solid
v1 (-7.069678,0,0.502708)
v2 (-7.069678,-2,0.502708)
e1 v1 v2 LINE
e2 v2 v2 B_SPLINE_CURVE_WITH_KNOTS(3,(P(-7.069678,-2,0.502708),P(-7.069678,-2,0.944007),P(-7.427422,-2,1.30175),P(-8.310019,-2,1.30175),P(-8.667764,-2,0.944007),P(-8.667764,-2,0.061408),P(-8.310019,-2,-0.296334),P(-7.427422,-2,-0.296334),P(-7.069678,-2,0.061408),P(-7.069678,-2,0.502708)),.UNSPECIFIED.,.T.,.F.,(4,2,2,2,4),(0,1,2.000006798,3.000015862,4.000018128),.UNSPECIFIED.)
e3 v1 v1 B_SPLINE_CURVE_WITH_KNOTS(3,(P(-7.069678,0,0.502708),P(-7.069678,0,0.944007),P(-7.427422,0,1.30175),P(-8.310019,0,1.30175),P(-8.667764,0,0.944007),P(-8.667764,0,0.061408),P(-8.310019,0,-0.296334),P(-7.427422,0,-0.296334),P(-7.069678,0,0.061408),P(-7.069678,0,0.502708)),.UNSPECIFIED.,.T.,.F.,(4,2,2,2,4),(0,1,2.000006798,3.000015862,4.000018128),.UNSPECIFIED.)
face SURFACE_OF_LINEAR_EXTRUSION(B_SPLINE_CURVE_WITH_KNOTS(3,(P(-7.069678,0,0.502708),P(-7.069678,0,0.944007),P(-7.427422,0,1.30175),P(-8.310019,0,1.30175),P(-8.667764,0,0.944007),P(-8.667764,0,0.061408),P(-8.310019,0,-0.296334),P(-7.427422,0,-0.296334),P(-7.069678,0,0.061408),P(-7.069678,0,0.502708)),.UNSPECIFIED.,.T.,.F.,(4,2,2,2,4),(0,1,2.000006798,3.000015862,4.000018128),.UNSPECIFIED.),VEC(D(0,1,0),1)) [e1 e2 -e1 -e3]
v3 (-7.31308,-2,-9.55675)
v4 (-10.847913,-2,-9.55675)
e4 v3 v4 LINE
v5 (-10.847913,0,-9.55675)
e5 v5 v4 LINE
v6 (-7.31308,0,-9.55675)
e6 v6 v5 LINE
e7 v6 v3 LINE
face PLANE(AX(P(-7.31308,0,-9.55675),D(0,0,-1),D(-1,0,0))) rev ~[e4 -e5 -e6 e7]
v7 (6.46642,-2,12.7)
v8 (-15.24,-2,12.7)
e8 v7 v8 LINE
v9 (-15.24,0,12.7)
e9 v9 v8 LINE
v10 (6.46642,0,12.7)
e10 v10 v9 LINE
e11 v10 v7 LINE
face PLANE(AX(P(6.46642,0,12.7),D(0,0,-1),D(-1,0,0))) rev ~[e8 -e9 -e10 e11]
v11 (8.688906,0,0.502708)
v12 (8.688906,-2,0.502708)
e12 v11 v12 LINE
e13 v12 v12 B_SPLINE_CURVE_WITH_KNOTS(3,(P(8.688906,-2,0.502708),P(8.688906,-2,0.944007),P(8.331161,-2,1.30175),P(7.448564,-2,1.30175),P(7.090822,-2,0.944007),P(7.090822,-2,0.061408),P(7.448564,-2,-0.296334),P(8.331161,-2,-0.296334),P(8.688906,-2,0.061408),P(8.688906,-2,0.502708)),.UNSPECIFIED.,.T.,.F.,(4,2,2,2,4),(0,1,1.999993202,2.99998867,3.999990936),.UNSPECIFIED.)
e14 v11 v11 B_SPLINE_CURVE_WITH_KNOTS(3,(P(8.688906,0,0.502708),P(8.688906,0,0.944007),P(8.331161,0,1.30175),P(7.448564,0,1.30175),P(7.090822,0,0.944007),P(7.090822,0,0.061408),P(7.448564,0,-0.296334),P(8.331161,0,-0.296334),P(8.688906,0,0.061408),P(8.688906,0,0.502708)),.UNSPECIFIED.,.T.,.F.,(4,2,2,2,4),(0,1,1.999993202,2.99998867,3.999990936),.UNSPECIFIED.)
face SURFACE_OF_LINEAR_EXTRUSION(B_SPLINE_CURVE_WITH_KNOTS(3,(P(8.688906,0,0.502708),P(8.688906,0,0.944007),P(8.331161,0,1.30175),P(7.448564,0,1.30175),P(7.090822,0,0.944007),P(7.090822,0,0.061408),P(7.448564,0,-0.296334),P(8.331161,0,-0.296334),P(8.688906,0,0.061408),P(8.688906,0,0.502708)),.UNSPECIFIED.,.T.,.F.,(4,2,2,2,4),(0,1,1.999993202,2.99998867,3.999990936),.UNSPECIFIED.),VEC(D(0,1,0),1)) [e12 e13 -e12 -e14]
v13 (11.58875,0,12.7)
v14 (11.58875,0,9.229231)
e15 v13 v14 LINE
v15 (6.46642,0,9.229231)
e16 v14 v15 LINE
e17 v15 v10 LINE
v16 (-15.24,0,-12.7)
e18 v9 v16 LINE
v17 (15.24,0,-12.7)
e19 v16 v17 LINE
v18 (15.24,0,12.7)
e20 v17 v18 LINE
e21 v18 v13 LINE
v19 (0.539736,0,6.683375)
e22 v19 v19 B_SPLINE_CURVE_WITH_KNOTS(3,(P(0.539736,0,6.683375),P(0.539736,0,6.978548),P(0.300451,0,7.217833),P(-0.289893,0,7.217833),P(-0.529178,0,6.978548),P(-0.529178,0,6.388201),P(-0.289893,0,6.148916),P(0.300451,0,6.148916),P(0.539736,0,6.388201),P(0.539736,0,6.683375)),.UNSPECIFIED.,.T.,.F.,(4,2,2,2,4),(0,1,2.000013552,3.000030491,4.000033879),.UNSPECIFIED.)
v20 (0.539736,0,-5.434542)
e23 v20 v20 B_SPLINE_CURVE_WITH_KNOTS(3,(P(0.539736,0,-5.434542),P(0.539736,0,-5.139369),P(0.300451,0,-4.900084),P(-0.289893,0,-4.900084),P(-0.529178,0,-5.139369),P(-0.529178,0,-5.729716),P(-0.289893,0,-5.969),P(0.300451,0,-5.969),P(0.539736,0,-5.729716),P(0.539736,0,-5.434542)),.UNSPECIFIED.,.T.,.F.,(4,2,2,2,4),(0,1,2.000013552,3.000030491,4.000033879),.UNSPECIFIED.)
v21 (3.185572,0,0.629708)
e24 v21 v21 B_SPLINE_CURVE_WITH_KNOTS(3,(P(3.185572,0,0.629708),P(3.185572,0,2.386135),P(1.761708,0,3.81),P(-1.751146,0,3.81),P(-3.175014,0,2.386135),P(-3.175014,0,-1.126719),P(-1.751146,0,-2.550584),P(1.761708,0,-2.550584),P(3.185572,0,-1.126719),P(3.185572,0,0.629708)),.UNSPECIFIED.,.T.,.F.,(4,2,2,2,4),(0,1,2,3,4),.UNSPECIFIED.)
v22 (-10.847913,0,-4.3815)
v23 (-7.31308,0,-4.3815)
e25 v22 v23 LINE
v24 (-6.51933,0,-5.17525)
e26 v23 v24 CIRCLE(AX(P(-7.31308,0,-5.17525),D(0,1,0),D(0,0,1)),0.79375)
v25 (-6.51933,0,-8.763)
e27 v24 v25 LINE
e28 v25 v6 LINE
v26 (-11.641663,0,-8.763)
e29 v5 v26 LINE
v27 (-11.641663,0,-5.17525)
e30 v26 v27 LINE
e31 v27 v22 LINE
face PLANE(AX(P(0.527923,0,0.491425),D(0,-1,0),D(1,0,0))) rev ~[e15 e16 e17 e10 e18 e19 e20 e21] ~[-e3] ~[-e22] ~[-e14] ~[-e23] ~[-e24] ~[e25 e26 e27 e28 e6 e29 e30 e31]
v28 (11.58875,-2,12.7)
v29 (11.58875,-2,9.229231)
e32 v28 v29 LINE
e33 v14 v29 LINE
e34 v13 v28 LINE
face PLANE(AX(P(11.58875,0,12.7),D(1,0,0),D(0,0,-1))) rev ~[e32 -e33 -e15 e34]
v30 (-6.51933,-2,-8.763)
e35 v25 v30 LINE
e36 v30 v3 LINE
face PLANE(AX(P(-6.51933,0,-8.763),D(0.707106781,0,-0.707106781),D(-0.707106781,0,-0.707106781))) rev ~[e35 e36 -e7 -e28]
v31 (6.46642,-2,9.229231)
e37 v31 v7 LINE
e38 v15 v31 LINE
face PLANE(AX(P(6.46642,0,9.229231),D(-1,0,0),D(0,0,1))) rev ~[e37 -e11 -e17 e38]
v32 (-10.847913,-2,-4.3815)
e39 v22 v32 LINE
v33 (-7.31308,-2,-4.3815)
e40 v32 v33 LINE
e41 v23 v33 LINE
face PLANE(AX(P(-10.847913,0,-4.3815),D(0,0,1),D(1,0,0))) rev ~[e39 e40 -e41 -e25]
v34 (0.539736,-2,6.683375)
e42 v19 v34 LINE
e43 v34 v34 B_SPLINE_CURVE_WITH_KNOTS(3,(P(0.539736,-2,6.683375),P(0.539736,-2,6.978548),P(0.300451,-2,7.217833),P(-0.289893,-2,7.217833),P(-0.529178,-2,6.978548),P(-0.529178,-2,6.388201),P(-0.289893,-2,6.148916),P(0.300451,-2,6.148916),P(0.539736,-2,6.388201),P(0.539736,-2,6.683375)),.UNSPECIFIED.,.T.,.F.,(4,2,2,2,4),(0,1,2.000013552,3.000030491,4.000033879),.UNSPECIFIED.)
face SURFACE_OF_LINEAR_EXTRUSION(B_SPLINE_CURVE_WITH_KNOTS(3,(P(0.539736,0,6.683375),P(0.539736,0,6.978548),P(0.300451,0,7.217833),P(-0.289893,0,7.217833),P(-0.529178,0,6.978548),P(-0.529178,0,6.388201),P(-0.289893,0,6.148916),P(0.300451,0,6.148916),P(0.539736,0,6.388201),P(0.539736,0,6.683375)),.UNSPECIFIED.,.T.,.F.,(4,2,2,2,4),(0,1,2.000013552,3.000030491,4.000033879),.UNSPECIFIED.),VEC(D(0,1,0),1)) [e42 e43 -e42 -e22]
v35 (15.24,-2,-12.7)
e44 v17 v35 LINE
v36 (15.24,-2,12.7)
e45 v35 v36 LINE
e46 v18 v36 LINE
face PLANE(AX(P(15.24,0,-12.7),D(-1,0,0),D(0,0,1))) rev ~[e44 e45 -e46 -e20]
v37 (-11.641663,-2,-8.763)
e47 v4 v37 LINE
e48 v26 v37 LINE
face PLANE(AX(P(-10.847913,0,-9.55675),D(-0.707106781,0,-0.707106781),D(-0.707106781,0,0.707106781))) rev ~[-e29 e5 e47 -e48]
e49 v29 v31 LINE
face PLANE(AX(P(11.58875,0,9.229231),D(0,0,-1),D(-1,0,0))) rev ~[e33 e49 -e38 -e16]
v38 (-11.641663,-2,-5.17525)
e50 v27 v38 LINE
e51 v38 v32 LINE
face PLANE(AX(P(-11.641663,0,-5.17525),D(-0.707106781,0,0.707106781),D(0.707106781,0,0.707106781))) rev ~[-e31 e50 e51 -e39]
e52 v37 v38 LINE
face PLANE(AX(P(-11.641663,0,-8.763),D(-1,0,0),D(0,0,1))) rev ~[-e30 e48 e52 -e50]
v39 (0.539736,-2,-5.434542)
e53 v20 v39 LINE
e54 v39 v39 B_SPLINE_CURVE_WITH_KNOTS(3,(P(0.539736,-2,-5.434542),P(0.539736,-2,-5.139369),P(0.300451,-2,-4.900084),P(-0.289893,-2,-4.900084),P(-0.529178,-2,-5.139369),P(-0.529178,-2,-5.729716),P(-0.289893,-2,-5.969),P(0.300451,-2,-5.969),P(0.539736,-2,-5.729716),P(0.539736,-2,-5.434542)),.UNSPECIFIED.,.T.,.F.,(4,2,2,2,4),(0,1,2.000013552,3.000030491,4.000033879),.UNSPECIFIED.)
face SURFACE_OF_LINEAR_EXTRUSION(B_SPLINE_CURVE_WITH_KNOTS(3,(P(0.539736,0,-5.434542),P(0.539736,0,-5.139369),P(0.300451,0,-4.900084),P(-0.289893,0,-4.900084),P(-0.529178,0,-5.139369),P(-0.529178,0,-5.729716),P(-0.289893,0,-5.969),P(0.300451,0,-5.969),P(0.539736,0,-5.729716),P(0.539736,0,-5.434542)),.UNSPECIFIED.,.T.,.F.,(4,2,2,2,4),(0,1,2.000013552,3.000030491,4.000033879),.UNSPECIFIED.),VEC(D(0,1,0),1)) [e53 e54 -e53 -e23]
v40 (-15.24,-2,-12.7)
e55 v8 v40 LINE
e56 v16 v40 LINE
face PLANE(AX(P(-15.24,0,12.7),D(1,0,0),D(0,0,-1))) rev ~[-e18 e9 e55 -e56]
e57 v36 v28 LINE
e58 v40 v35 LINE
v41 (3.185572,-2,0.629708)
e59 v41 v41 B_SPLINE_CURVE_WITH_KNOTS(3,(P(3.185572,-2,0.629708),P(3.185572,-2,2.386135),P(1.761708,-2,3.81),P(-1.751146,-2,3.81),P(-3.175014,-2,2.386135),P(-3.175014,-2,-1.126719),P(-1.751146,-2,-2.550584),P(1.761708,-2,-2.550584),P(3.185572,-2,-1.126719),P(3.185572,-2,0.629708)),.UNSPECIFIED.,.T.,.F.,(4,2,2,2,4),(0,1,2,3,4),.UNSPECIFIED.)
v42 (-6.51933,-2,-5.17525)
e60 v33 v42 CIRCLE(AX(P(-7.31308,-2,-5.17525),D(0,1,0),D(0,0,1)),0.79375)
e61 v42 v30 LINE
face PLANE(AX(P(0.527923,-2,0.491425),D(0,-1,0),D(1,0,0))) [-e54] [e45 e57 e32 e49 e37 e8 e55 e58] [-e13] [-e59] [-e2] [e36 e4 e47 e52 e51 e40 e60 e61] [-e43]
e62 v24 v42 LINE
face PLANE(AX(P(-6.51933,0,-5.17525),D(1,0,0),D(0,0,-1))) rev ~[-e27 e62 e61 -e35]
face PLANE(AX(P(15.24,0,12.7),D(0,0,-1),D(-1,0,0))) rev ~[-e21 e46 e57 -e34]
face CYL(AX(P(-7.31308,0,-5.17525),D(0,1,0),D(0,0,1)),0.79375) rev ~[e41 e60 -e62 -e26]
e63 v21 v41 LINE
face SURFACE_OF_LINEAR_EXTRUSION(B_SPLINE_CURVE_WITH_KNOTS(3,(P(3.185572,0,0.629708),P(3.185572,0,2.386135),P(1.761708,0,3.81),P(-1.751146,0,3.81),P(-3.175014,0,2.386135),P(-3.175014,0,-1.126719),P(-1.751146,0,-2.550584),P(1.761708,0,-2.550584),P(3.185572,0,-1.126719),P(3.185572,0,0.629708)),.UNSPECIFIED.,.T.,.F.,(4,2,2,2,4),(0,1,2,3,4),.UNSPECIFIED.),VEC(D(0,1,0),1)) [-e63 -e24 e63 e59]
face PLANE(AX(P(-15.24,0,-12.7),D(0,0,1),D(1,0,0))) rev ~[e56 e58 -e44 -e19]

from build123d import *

# Parameters (mm, degrees)
F1_DEPTH = 2


with BuildPart() as f1:
    # F0 (on Front) → F1 (new body)
    with BuildSketch(Plane.XZ):
        Polygon((-15.24, 12.7), (-15.24, -12.7), (15.24, -12.7), (15.24, 12.7), (11.58875, 12.7), (11.58875, 9.2292314502), (6.46642, 9.2292314502), (6.46642, 12.7), align=None)
        with BuildLine():
            Line((-11.641663, -5.17525), (-10.847913, -4.3815))
            Line((-10.847913, -4.3815), (-7.31308, -4.3815))
            ThreePointArc((-7.31308, -4.3815), (-6.7518139924, -4.6139839924), (-6.51933, -5.17525))
            Line((-6.51933, -5.17525), (-6.51933, -8.763))
            Line((-6.51933, -8.763), (-7.31308, -9.55675))
            Line((-7.31308, -9.55675), (-10.847913, -9.55675))
            Line((-10.847913, -9.55675), (-11.641663, -8.763))
            Line((-11.641663, -8.763), (-11.641663, -5.17525))
        make_face(mode=Mode.SUBTRACT)
        with BuildLine():
            add(Edge.make_bspline(
                [(0.005281, -5.969), (0.300451, -5.969), (0.539736, -5.729716), (0.539736, -5.434542)],
                knots=[0, 0, 0, 0, 1, 1, 1, 1], degree=3))
            add(Edge.make_bspline(
                [(-0.529178, -5.434542), (-0.529178, -5.729716), (-0.289893, -5.969), (0.005281, -5.969)],
                knots=[0, 0, 0, 0, 1, 1, 1, 1], degree=3))
            add(Edge.make_bspline(
                [(0.005281, -4.900084), (-0.289893, -4.900084), (-0.529178, -5.139369), (-0.529178, -5.434542)],
                knots=[0, 0, 0, 0, 1, 1, 1, 1], degree=3))
            add(Edge.make_bspline(
                [(0.539736, -5.434542), (0.539736, -5.139369), (0.300451, -4.900084), (0.005281, -4.900084)],
                knots=[0, 0, 0, 0, 1, 1, 1, 1], degree=3))
        make_face(mode=Mode.SUBTRACT)
        with BuildLine():
            add(Edge.make_bspline(
                [(-7.868719, -0.296334), (-7.427422, -0.296334), (-7.069678, 0.061408), (-7.069678, 0.502708)],
                knots=[0, 0, 0, 0, 1, 1, 1, 1], degree=3))
            add(Edge.make_bspline(
                [(-8.667764, 0.502708), (-8.667764, 0.061408), (-8.310019, -0.296334), (-7.868719, -0.296334)],
                knots=[0, 0, 0, 0, 1, 1, 1, 1], degree=3))
            add(Edge.make_bspline(
                [(-7.868719, 1.30175), (-8.310019, 1.30175), (-8.667764, 0.944007), (-8.667764, 0.502708)],
                knots=[0, 0, 0, 0, 1, 1, 1, 1], degree=3))
            add(Edge.make_bspline(
                [(-7.069678, 0.502708), (-7.069678, 0.944007), (-7.427422, 1.30175), (-7.868719, 1.30175)],
                knots=[0, 0, 0, 0, 1, 1, 1, 1], degree=3))
        make_face(mode=Mode.SUBTRACT)
        with BuildLine():
            add(Edge.make_bspline(
                [(0.005281, -2.550584), (1.761708, -2.550584), (3.185572, -1.126719), (3.185572, 0.629708)],
                knots=[0, 0, 0, 0, 1, 1, 1, 1], degree=3))
            add(Edge.make_bspline(
                [(-3.175014, 0.629708), (-3.175014, -1.126719), (-1.751146, -2.550584), (0.005281, -2.550584)],
                knots=[0, 0, 0, 0, 1, 1, 1, 1], degree=3))
            add(Edge.make_bspline(
                [(0.005281, 3.81), (-1.751146, 3.81), (-3.175014, 2.386135), (-3.175014, 0.629708)],
                knots=[0, 0, 0, 0, 1, 1, 1, 1], degree=3))
            add(Edge.make_bspline(
                [(3.185572, 0.629708), (3.185572, 2.386135), (1.761708, 3.81), (0.005281, 3.81)],
                knots=[0, 0, 0, 0, 1, 1, 1, 1], degree=3))
        make_face(mode=Mode.SUBTRACT)
        with BuildLine():
            add(Edge.make_bspline(
                [(7.889861, -0.296334), (8.331161, -0.296334), (8.688906, 0.061408), (8.688906, 0.502708)],
                knots=[0, 0, 0, 0, 1, 1, 1, 1], degree=3))
            add(Edge.make_bspline(
                [(7.090822, 0.502708), (7.090822, 0.061408), (7.448564, -0.296334), (7.889861, -0.296334)],
                knots=[0, 0, 0, 0, 1, 1, 1, 1], degree=3))
            add(Edge.make_bspline(
                [(7.889861, 1.30175), (7.448564, 1.30175), (7.090822, 0.944007), (7.090822, 0.502708)],
                knots=[0, 0, 0, 0, 1, 1, 1, 1], degree=3))
            add(Edge.make_bspline(
                [(8.688906, 0.502708), (8.688906, 0.944007), (8.331161, 1.30175), (7.889861, 1.30175)],
                knots=[0, 0, 0, 0, 1, 1, 1, 1], degree=3))
        make_face(mode=Mode.SUBTRACT)
        with BuildLine():
            add(Edge.make_bspline(
                [(0.005281, 6.148916), (0.300451, 6.148916), (0.539736, 6.388201), (0.539736, 6.683375)],
                knots=[0, 0, 0, 0, 1, 1, 1, 1], degree=3))
            add(Edge.make_bspline(
                [(-0.529178, 6.683375), (-0.529178, 6.388201), (-0.289893, 6.148916), (0.005281, 6.148916)],
                knots=[0, 0, 0, 0, 1, 1, 1, 1], degree=3))
            add(Edge.make_bspline(
                [(0.005281, 7.217833), (-0.289893, 7.217833), (-0.529178, 6.978548), (-0.529178, 6.683375)],
                knots=[0, 0, 0, 0, 1, 1, 1, 1], degree=3))
            add(Edge.make_bspline(
                [(0.539736, 6.683375), (0.539736, 6.978548), (0.300451, 7.217833), (0.005281, 7.217833)],
                knots=[0, 0, 0, 0, 1, 1, 1, 1], degree=3))
        make_face(mode=Mode.SUBTRACT)
    extrude(amount=F1_DEPTH)


solid = f1.part
